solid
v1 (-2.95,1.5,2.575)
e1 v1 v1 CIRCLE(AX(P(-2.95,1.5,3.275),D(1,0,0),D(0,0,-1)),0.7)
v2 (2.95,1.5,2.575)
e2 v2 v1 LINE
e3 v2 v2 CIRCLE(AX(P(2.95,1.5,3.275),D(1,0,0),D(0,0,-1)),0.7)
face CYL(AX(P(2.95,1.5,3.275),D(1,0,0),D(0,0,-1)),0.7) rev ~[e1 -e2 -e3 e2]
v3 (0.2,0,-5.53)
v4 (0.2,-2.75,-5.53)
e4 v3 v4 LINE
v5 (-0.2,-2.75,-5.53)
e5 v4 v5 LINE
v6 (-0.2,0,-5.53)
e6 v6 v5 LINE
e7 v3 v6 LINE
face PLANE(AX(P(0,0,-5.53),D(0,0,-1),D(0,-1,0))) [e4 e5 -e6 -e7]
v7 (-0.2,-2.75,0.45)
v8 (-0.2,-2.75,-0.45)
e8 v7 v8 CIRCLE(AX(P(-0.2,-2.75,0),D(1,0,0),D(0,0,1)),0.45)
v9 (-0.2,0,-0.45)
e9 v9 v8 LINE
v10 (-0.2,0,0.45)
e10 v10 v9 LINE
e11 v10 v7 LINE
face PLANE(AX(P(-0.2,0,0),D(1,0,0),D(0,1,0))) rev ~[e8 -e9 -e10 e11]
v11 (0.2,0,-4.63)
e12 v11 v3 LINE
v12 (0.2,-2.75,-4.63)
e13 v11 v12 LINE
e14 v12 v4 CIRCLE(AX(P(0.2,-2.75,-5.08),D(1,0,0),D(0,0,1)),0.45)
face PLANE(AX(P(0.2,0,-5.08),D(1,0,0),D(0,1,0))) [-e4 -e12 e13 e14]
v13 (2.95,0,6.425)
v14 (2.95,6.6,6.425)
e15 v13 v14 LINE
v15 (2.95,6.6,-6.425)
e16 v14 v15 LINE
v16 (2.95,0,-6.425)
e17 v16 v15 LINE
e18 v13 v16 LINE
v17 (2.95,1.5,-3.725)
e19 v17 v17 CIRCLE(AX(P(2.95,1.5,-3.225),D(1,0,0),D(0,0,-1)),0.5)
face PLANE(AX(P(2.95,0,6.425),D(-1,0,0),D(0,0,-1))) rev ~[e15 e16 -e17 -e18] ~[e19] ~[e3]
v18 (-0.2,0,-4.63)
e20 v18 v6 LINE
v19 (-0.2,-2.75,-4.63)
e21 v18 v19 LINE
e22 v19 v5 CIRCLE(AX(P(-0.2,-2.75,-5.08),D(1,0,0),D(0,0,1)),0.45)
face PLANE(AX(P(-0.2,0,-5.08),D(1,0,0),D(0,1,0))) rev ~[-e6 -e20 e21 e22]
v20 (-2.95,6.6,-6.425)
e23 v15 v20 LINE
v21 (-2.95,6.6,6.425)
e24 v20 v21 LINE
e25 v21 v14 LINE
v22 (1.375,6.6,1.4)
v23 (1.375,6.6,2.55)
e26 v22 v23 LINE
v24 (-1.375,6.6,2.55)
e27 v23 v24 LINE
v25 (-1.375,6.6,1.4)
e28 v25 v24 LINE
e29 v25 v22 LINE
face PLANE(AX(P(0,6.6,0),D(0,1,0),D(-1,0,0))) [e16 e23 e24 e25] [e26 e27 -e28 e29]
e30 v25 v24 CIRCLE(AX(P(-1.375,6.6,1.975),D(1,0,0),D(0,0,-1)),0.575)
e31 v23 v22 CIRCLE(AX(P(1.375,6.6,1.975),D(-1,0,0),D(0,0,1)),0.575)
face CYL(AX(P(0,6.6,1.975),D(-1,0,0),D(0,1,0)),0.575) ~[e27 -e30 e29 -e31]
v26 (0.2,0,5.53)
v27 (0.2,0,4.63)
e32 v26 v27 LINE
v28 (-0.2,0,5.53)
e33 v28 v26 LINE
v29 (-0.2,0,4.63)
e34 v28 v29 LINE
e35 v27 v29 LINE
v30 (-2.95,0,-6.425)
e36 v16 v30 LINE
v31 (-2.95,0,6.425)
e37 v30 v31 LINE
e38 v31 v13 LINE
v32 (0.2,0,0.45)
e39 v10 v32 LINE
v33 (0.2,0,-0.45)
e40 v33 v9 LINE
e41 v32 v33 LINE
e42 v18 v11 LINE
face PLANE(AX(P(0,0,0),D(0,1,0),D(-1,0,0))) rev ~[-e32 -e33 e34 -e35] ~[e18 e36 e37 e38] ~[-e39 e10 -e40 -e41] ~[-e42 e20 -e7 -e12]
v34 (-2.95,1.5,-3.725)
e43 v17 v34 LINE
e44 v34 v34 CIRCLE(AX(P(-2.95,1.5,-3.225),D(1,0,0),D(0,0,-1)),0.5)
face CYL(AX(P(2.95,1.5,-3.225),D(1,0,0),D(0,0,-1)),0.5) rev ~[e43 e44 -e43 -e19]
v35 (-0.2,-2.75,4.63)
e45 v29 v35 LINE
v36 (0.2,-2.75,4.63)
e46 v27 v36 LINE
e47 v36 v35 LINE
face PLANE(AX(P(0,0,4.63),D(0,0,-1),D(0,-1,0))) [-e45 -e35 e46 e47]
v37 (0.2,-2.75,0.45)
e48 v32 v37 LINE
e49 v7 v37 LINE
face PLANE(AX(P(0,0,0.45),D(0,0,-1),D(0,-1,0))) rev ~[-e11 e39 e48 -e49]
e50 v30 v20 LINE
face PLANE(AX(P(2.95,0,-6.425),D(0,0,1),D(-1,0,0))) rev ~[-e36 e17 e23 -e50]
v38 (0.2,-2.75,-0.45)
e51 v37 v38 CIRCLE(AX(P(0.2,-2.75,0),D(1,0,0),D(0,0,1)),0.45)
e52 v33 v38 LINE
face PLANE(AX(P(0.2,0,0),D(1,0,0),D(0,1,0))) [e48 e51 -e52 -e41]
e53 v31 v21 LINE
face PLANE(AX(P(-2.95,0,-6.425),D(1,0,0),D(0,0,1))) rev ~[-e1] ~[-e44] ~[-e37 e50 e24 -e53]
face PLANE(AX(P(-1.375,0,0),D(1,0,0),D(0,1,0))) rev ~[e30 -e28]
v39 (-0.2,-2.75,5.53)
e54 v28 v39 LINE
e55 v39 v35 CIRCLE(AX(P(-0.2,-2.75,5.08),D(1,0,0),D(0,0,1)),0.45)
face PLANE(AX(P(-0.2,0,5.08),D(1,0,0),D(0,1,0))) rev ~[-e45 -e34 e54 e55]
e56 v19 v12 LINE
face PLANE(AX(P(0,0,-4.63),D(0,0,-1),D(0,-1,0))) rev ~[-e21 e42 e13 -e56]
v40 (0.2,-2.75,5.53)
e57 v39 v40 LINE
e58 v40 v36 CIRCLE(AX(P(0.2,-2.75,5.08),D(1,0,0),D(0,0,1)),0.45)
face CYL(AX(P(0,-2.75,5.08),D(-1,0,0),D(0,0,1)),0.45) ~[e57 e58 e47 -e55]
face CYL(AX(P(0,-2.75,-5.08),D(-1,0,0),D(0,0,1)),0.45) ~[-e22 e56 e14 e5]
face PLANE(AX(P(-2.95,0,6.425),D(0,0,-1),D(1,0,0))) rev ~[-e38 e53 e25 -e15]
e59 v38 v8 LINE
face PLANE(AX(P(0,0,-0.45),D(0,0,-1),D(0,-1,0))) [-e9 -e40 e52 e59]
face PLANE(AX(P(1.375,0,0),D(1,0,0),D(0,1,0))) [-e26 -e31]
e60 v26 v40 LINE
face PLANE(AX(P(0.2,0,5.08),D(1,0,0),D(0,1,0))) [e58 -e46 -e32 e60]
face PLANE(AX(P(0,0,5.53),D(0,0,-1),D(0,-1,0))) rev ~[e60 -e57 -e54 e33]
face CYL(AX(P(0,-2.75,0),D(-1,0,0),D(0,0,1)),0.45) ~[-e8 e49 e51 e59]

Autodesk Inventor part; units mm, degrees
ref_plane "YZ Plane" through (0, 0, 0) normal (1, 0, 0) x (0, 1, 0)
ref_plane "XZ Plane" through (0, 0, 0) normal (0, 1, 0) x (-1, 0, 0)
sketch "Sketch1" plane through (0, 0, 0) normal (0, 1, 0) x (-1, 0, 0)
  line L0 (2.95, 6.425) -> (-2.95, 6.425)
  line L1 (-2.95, 6.425) -> (-2.95, -6.425)
  line L2 (-2.95, -6.425) -> (2.95, -6.425)
  line L3 (2.95, -6.425) -> (2.95, 6.425)
  line L4 (4.13, 0) -> (-4.13, 0) construction
  line L5 (0, -8.995) -> (0, 8.995) construction
  point P0 (0, 0)
  dimension "d0" = 5.9
  dimension "d1" = 12.85
extrude "Extrusion1" add sketch "Sketch1" along normal blind 6.6
sketch "Sketch2" plane through (2.95, 0, 6.425) normal (1, 0, 0) x (0, 0, -1)
  circle A0 centre (3.15, 1.5) radius 0.7
  circle A1 centre (9.65, 1.5) radius 0.5
  line L0 (0, 0) -> (0, 6.6) projected
  line L1 (0, 0) -> (12.85, 0) projected
  point P0 (6.425, 0)
  dimension "d4" = 1.4
  dimension "d5" = 1
  dimension "d6" = 3.15
  dimension "d7" = 6.5
  dimension "d8" = 1.5
extrude "Extrusion2" cut sketch "Sketch2" against normal through all
sketch "Sketch3" plane through (0, 0, 0) normal (1, 0, 0) x (0, 1, 0)
  line L0 (6.6, -6.425) -> (6.6, 6.425) projected
  circle A0 centre (6.6, 1.975) radius 0.575
  circle A1 centre (1.5, -3.225) radius 0.5 projected
  point P0 (0, 0)
  point P1 (6.6, 2.55)
  point P2 (6.6, 1.4)
  dimension "d11" = 1.15
  dimension "d12" = 5.2
extrude "Extrusion3" add sketch "Sketch3" along normal mid plane 2.75 contours L0 A0 picked at (6.6832, 2.1477)
sketch "Sketch4" plane through (0, 0, 0) normal (1, 0, 0) x (0, 1, 0)
  line L0 (0, 6.425) -> (0, -6.425) projected
  line L1 (0, 0.45) -> (-2.75, 0.45)
  line L2 (0, -0.45) -> (-2.75, -0.45)
  arc A0 (-2.75, 0.45) -> (-2.75, -0.45) centre (-2.75, 0) ccw
  line L3 (-5.275, 0) -> (9.25, 0) construction
  point P0 (0, 0)
  point P1 (-3.2, 0)
  dimension "d15" = 3.2
  dimension "d16" = 0.9
extrude "Extrusion4" add sketch "Sketch4" along normal mid plane 0.4
pattern_linear "Rectangular Pattern1" count 2 spacing 5.08 along (0, 0, -1) count 2 spacing 5.08 along (0, 0, 1) of "Extrusion4"
ref_plane "Work Plane1" through (0, 2.4, 0) normal (0, 1, 0) x (1, 0, 0)
split_face "Split1"
properties part number "Kailh_GM_8.0_switch"
